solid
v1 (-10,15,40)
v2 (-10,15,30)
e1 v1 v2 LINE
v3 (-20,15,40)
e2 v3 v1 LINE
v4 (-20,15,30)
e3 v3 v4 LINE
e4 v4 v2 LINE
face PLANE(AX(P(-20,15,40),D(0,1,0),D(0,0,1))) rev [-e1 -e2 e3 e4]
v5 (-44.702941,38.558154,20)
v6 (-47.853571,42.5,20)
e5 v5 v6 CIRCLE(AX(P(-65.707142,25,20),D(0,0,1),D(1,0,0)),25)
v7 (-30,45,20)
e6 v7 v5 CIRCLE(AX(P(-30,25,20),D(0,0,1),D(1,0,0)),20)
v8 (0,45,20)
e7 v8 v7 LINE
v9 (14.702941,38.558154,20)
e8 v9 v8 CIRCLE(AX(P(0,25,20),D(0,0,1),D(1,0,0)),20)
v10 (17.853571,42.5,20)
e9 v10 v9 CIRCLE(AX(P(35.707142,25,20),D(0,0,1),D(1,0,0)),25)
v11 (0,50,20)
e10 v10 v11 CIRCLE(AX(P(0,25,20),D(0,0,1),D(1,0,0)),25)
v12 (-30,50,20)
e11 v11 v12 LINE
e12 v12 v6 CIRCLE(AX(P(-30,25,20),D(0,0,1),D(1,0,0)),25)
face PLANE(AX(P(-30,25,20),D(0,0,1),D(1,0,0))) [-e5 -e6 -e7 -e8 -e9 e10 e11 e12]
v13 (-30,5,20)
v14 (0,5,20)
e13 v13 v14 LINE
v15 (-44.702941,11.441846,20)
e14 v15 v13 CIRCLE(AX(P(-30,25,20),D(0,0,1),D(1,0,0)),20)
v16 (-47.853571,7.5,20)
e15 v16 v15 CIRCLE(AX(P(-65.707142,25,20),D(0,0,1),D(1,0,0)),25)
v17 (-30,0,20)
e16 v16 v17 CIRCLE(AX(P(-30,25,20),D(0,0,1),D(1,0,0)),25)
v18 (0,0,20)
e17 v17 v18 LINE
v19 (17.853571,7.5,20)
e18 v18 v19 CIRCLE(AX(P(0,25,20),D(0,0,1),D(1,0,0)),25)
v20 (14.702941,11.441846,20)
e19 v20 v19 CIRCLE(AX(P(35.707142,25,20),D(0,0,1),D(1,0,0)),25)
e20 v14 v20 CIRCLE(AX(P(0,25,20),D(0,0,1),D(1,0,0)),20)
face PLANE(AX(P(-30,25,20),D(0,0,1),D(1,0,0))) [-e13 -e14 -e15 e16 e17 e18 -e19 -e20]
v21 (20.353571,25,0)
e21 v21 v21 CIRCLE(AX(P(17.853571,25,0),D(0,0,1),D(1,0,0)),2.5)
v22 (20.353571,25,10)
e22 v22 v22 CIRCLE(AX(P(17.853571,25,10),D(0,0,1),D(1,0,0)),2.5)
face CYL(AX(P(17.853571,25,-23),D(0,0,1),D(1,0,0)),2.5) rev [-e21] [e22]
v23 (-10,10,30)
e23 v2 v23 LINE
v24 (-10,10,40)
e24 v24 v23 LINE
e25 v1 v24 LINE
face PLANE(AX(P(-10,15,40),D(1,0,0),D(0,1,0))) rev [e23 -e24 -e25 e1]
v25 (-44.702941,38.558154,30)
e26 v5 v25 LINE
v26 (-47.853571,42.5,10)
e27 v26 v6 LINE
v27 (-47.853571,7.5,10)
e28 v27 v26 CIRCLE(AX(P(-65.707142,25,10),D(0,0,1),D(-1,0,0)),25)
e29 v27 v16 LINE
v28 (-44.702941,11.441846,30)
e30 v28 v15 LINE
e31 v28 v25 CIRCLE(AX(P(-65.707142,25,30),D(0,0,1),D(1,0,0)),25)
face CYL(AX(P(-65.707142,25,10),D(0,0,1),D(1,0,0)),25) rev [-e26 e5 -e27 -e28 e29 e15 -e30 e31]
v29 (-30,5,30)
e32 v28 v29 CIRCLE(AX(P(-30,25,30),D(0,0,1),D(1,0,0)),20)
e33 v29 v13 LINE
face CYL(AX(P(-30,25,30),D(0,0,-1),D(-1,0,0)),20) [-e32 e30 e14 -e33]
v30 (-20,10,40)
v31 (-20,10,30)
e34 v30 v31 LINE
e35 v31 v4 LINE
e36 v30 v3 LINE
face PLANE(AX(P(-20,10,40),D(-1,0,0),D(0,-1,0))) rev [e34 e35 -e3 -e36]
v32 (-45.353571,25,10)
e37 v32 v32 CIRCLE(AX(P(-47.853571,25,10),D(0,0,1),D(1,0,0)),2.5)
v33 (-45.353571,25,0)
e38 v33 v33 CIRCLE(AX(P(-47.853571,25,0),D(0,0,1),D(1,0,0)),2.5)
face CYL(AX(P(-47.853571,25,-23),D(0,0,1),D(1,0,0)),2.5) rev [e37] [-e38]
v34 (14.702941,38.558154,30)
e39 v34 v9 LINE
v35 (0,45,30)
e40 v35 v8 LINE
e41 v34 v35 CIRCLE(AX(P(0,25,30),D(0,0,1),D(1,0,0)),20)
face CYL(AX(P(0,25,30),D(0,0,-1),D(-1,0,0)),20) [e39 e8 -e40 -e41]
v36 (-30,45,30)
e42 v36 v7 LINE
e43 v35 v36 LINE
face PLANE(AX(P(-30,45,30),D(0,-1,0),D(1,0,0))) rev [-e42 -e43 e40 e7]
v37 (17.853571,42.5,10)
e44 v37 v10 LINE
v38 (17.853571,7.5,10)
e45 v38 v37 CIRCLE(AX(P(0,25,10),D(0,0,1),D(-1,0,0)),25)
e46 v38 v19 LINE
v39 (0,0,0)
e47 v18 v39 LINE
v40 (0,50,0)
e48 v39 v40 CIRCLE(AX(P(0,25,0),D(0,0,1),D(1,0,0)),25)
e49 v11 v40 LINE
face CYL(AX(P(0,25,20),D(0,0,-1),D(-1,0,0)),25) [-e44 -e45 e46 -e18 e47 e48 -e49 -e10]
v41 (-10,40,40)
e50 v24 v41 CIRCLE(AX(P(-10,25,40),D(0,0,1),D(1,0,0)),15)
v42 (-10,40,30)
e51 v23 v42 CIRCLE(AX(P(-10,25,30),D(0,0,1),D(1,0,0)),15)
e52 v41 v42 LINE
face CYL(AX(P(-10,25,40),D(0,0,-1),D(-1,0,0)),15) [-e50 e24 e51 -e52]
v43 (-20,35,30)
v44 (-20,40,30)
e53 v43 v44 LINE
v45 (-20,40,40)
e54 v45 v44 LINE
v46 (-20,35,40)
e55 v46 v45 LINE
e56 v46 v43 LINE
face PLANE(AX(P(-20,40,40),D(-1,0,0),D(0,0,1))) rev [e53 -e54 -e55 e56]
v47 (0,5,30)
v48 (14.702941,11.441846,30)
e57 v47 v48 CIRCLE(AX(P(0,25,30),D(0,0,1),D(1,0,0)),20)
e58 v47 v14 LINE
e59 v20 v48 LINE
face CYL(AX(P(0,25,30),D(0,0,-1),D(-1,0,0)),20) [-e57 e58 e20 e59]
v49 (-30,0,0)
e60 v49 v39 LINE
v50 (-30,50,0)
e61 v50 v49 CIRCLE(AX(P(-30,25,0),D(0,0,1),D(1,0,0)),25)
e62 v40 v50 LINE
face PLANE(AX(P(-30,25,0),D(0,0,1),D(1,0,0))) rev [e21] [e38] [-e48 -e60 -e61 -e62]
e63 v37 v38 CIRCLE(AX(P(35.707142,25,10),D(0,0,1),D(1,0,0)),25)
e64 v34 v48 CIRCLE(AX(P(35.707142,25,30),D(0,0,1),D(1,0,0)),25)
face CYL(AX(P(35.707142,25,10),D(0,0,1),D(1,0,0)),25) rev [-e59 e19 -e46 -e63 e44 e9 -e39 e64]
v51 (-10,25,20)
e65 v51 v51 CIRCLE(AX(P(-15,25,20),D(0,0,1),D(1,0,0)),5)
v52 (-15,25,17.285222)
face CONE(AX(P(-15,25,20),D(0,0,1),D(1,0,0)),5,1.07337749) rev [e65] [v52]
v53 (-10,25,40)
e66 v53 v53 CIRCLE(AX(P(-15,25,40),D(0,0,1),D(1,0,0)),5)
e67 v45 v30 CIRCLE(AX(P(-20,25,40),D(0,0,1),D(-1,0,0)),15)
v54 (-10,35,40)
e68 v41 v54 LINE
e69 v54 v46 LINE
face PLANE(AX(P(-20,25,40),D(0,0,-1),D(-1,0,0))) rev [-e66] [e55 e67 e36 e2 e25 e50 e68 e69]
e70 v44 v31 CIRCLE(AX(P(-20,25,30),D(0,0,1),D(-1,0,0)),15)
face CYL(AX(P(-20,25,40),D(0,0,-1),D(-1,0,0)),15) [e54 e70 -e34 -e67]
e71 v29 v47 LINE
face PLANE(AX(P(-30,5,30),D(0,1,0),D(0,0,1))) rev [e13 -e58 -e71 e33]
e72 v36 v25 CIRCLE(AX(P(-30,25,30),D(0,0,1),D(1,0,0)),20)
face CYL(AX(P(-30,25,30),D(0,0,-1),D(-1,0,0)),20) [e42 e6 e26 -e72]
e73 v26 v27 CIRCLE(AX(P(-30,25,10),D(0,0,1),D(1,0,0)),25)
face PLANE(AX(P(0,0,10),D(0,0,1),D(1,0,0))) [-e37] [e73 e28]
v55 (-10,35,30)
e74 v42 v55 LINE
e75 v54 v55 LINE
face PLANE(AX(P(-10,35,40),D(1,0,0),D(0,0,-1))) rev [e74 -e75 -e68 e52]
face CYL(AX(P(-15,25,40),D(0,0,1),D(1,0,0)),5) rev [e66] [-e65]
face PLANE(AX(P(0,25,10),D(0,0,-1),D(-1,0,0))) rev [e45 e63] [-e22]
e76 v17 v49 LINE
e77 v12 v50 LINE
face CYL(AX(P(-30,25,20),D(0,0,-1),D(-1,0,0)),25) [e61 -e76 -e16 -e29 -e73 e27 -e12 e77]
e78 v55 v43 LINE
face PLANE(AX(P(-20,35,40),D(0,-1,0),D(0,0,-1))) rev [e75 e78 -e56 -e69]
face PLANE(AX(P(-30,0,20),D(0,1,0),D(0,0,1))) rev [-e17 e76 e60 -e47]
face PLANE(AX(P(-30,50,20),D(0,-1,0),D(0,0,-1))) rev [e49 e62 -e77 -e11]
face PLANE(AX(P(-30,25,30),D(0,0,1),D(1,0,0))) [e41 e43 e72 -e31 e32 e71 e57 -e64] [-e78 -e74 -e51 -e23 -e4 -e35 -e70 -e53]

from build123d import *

# Parameters (mm, degrees)
BOSS_EXTRUDE1_DEPTH            = 20
CUT_EXTRUDE10_DEPTH            = 10
CUT_EXTRUDE11_DEPTH            = 10
BOSS_EXTRUDE4_DEPTH            = 10
CUT_EXTRUDE16_DEPTH            = 20
BOSS_EXTRUDE6_DEPTH            = 10
SKETCH15_R                     = 2.5
CUT_EXTRUDE17_DEPTH            = 33
F_1_2_1_2_DIAMETER_HOLE2_D     = 10
F_1_2_1_2_DIAMETER_HOLE2_DEPTH = 20
F_1_2_1_2_DIAMETER_HOLE2_TIP   = 2.714778498


with BuildPart() as part:
    # Sketch1 → Boss-Extrude1 (new body)
    with BuildSketch(Plane.XY):
        with BuildLine():
            Line((-30, 50), (0, 50))
            ThreePointArc((0, 50), (25, 25), (0, 0))
            Line((0, 0), (-30, 0))
            ThreePointArc((-30, 0), (-55, 25), (-30, 50))
        make_face()
    extrude(amount=BOSS_EXTRUDE1_DEPTH)

    # Sketch2 → Cut-Extrude10 (cut)
    with BuildSketch(Plane.XY.offset(20)):
        with BuildLine():
            ThreePointArc((-47.853571071, 42.5), (-55, 25), (-47.853571071, 7.5))
            Line((-47.853571071, 7.5), (-47.853571071, 42.5))
        make_face()
    extrude(amount=-CUT_EXTRUDE10_DEPTH, mode=Mode.SUBTRACT)

    # Sketch9 → Cut-Extrude11 (cut)
    with BuildSketch(Plane.XY.offset(20)):
        with BuildLine():
            Line((17.853571071, 42.5), (17.853571071, 7.5))
            ThreePointArc((17.853571071, 7.5), (25, 25), (17.853571071, 42.5))
        make_face()
    extrude(amount=-CUT_EXTRUDE11_DEPTH, mode=Mode.SUBTRACT)

    # Sketch10 → Boss-Extrude4 (add)
    with BuildSketch(Plane.XY.offset(20)):
        with BuildLine():
            Line((-30, 45), (0, 45))
            ThreePointArc((0, 45), (20, 25), (0, 5))
            Line((0, 5), (-30, 5))
            ThreePointArc((-30, 5), (-50, 25), (-30, 45))
        make_face()
    extrude(amount=BOSS_EXTRUDE4_DEPTH)

    # Sketch11 → Cut-Extrude16 (cut)
    with BuildSketch(Plane.XY.offset(30)):
        with BuildLine():
            ThreePointArc((-47.853571071, 42.5), (-40.707142143, 25), (-47.853571071, 7.5))
            ThreePointArc((-47.853571071, 7.5), (-55, 25), (-47.853571071, 42.5))
        make_face()
        with BuildLine():
            ThreePointArc((17.853571071, 42.5), (10.707142143, 25), (17.853571071, 7.5))
            ThreePointArc((17.853571071, 7.5), (25, 25), (17.853571071, 42.5))
        make_face()
    extrude(amount=-CUT_EXTRUDE16_DEPTH, mode=Mode.SUBTRACT)

    # Sketch14 → Boss-Extrude6 (add)
    with BuildSketch(Plane.XY.offset(30)):
        with BuildLine():
            Line((-20, 40), (-20, 35))
            Line((-20, 35), (-10, 35))
            Line((-10, 35), (-10, 40))
            ThreePointArc((-10, 40), (5, 25), (-10, 10))
            Line((-10, 10), (-10, 15))
            Line((-10, 15), (-20, 15))
            Line((-20, 15), (-20, 10))
            ThreePointArc((-20, 10), (-35, 25), (-20, 40))
        make_face()
    extrude(amount=BOSS_EXTRUDE6_DEPTH)

    # Sketch15 → Cut-Extrude17 (cut)
    with BuildSketch(Plane.XY.offset(10)):
        with Locations((17.853571071, 25)):
            Circle(SKETCH15_R)
        with Locations((-47.853571071, 25)):
            Circle(SKETCH15_R)
    extrude(amount=-CUT_EXTRUDE17_DEPTH, mode=Mode.SUBTRACT)

    # Ø1.2 (1.2) Diameter Hole2
    with Locations(Plane(origin=(-15, 25, 40), x_dir=(1, 0, 0), z_dir=(0, 0, 1))):
        with Locations((0, 0)):
            Hole(F_1_2_1_2_DIAMETER_HOLE2_D / 2, depth=F_1_2_1_2_DIAMETER_HOLE2_DEPTH)
            with Locations((0, 0, -(F_1_2_1_2_DIAMETER_HOLE2_DEPTH + F_1_2_1_2_DIAMETER_HOLE2_TIP / 2))):  # 123° drill point
                Cone(0, F_1_2_1_2_DIAMETER_HOLE2_D / 2, F_1_2_1_2_DIAMETER_HOLE2_TIP, mode=Mode.SUBTRACT)


solid = part.part
